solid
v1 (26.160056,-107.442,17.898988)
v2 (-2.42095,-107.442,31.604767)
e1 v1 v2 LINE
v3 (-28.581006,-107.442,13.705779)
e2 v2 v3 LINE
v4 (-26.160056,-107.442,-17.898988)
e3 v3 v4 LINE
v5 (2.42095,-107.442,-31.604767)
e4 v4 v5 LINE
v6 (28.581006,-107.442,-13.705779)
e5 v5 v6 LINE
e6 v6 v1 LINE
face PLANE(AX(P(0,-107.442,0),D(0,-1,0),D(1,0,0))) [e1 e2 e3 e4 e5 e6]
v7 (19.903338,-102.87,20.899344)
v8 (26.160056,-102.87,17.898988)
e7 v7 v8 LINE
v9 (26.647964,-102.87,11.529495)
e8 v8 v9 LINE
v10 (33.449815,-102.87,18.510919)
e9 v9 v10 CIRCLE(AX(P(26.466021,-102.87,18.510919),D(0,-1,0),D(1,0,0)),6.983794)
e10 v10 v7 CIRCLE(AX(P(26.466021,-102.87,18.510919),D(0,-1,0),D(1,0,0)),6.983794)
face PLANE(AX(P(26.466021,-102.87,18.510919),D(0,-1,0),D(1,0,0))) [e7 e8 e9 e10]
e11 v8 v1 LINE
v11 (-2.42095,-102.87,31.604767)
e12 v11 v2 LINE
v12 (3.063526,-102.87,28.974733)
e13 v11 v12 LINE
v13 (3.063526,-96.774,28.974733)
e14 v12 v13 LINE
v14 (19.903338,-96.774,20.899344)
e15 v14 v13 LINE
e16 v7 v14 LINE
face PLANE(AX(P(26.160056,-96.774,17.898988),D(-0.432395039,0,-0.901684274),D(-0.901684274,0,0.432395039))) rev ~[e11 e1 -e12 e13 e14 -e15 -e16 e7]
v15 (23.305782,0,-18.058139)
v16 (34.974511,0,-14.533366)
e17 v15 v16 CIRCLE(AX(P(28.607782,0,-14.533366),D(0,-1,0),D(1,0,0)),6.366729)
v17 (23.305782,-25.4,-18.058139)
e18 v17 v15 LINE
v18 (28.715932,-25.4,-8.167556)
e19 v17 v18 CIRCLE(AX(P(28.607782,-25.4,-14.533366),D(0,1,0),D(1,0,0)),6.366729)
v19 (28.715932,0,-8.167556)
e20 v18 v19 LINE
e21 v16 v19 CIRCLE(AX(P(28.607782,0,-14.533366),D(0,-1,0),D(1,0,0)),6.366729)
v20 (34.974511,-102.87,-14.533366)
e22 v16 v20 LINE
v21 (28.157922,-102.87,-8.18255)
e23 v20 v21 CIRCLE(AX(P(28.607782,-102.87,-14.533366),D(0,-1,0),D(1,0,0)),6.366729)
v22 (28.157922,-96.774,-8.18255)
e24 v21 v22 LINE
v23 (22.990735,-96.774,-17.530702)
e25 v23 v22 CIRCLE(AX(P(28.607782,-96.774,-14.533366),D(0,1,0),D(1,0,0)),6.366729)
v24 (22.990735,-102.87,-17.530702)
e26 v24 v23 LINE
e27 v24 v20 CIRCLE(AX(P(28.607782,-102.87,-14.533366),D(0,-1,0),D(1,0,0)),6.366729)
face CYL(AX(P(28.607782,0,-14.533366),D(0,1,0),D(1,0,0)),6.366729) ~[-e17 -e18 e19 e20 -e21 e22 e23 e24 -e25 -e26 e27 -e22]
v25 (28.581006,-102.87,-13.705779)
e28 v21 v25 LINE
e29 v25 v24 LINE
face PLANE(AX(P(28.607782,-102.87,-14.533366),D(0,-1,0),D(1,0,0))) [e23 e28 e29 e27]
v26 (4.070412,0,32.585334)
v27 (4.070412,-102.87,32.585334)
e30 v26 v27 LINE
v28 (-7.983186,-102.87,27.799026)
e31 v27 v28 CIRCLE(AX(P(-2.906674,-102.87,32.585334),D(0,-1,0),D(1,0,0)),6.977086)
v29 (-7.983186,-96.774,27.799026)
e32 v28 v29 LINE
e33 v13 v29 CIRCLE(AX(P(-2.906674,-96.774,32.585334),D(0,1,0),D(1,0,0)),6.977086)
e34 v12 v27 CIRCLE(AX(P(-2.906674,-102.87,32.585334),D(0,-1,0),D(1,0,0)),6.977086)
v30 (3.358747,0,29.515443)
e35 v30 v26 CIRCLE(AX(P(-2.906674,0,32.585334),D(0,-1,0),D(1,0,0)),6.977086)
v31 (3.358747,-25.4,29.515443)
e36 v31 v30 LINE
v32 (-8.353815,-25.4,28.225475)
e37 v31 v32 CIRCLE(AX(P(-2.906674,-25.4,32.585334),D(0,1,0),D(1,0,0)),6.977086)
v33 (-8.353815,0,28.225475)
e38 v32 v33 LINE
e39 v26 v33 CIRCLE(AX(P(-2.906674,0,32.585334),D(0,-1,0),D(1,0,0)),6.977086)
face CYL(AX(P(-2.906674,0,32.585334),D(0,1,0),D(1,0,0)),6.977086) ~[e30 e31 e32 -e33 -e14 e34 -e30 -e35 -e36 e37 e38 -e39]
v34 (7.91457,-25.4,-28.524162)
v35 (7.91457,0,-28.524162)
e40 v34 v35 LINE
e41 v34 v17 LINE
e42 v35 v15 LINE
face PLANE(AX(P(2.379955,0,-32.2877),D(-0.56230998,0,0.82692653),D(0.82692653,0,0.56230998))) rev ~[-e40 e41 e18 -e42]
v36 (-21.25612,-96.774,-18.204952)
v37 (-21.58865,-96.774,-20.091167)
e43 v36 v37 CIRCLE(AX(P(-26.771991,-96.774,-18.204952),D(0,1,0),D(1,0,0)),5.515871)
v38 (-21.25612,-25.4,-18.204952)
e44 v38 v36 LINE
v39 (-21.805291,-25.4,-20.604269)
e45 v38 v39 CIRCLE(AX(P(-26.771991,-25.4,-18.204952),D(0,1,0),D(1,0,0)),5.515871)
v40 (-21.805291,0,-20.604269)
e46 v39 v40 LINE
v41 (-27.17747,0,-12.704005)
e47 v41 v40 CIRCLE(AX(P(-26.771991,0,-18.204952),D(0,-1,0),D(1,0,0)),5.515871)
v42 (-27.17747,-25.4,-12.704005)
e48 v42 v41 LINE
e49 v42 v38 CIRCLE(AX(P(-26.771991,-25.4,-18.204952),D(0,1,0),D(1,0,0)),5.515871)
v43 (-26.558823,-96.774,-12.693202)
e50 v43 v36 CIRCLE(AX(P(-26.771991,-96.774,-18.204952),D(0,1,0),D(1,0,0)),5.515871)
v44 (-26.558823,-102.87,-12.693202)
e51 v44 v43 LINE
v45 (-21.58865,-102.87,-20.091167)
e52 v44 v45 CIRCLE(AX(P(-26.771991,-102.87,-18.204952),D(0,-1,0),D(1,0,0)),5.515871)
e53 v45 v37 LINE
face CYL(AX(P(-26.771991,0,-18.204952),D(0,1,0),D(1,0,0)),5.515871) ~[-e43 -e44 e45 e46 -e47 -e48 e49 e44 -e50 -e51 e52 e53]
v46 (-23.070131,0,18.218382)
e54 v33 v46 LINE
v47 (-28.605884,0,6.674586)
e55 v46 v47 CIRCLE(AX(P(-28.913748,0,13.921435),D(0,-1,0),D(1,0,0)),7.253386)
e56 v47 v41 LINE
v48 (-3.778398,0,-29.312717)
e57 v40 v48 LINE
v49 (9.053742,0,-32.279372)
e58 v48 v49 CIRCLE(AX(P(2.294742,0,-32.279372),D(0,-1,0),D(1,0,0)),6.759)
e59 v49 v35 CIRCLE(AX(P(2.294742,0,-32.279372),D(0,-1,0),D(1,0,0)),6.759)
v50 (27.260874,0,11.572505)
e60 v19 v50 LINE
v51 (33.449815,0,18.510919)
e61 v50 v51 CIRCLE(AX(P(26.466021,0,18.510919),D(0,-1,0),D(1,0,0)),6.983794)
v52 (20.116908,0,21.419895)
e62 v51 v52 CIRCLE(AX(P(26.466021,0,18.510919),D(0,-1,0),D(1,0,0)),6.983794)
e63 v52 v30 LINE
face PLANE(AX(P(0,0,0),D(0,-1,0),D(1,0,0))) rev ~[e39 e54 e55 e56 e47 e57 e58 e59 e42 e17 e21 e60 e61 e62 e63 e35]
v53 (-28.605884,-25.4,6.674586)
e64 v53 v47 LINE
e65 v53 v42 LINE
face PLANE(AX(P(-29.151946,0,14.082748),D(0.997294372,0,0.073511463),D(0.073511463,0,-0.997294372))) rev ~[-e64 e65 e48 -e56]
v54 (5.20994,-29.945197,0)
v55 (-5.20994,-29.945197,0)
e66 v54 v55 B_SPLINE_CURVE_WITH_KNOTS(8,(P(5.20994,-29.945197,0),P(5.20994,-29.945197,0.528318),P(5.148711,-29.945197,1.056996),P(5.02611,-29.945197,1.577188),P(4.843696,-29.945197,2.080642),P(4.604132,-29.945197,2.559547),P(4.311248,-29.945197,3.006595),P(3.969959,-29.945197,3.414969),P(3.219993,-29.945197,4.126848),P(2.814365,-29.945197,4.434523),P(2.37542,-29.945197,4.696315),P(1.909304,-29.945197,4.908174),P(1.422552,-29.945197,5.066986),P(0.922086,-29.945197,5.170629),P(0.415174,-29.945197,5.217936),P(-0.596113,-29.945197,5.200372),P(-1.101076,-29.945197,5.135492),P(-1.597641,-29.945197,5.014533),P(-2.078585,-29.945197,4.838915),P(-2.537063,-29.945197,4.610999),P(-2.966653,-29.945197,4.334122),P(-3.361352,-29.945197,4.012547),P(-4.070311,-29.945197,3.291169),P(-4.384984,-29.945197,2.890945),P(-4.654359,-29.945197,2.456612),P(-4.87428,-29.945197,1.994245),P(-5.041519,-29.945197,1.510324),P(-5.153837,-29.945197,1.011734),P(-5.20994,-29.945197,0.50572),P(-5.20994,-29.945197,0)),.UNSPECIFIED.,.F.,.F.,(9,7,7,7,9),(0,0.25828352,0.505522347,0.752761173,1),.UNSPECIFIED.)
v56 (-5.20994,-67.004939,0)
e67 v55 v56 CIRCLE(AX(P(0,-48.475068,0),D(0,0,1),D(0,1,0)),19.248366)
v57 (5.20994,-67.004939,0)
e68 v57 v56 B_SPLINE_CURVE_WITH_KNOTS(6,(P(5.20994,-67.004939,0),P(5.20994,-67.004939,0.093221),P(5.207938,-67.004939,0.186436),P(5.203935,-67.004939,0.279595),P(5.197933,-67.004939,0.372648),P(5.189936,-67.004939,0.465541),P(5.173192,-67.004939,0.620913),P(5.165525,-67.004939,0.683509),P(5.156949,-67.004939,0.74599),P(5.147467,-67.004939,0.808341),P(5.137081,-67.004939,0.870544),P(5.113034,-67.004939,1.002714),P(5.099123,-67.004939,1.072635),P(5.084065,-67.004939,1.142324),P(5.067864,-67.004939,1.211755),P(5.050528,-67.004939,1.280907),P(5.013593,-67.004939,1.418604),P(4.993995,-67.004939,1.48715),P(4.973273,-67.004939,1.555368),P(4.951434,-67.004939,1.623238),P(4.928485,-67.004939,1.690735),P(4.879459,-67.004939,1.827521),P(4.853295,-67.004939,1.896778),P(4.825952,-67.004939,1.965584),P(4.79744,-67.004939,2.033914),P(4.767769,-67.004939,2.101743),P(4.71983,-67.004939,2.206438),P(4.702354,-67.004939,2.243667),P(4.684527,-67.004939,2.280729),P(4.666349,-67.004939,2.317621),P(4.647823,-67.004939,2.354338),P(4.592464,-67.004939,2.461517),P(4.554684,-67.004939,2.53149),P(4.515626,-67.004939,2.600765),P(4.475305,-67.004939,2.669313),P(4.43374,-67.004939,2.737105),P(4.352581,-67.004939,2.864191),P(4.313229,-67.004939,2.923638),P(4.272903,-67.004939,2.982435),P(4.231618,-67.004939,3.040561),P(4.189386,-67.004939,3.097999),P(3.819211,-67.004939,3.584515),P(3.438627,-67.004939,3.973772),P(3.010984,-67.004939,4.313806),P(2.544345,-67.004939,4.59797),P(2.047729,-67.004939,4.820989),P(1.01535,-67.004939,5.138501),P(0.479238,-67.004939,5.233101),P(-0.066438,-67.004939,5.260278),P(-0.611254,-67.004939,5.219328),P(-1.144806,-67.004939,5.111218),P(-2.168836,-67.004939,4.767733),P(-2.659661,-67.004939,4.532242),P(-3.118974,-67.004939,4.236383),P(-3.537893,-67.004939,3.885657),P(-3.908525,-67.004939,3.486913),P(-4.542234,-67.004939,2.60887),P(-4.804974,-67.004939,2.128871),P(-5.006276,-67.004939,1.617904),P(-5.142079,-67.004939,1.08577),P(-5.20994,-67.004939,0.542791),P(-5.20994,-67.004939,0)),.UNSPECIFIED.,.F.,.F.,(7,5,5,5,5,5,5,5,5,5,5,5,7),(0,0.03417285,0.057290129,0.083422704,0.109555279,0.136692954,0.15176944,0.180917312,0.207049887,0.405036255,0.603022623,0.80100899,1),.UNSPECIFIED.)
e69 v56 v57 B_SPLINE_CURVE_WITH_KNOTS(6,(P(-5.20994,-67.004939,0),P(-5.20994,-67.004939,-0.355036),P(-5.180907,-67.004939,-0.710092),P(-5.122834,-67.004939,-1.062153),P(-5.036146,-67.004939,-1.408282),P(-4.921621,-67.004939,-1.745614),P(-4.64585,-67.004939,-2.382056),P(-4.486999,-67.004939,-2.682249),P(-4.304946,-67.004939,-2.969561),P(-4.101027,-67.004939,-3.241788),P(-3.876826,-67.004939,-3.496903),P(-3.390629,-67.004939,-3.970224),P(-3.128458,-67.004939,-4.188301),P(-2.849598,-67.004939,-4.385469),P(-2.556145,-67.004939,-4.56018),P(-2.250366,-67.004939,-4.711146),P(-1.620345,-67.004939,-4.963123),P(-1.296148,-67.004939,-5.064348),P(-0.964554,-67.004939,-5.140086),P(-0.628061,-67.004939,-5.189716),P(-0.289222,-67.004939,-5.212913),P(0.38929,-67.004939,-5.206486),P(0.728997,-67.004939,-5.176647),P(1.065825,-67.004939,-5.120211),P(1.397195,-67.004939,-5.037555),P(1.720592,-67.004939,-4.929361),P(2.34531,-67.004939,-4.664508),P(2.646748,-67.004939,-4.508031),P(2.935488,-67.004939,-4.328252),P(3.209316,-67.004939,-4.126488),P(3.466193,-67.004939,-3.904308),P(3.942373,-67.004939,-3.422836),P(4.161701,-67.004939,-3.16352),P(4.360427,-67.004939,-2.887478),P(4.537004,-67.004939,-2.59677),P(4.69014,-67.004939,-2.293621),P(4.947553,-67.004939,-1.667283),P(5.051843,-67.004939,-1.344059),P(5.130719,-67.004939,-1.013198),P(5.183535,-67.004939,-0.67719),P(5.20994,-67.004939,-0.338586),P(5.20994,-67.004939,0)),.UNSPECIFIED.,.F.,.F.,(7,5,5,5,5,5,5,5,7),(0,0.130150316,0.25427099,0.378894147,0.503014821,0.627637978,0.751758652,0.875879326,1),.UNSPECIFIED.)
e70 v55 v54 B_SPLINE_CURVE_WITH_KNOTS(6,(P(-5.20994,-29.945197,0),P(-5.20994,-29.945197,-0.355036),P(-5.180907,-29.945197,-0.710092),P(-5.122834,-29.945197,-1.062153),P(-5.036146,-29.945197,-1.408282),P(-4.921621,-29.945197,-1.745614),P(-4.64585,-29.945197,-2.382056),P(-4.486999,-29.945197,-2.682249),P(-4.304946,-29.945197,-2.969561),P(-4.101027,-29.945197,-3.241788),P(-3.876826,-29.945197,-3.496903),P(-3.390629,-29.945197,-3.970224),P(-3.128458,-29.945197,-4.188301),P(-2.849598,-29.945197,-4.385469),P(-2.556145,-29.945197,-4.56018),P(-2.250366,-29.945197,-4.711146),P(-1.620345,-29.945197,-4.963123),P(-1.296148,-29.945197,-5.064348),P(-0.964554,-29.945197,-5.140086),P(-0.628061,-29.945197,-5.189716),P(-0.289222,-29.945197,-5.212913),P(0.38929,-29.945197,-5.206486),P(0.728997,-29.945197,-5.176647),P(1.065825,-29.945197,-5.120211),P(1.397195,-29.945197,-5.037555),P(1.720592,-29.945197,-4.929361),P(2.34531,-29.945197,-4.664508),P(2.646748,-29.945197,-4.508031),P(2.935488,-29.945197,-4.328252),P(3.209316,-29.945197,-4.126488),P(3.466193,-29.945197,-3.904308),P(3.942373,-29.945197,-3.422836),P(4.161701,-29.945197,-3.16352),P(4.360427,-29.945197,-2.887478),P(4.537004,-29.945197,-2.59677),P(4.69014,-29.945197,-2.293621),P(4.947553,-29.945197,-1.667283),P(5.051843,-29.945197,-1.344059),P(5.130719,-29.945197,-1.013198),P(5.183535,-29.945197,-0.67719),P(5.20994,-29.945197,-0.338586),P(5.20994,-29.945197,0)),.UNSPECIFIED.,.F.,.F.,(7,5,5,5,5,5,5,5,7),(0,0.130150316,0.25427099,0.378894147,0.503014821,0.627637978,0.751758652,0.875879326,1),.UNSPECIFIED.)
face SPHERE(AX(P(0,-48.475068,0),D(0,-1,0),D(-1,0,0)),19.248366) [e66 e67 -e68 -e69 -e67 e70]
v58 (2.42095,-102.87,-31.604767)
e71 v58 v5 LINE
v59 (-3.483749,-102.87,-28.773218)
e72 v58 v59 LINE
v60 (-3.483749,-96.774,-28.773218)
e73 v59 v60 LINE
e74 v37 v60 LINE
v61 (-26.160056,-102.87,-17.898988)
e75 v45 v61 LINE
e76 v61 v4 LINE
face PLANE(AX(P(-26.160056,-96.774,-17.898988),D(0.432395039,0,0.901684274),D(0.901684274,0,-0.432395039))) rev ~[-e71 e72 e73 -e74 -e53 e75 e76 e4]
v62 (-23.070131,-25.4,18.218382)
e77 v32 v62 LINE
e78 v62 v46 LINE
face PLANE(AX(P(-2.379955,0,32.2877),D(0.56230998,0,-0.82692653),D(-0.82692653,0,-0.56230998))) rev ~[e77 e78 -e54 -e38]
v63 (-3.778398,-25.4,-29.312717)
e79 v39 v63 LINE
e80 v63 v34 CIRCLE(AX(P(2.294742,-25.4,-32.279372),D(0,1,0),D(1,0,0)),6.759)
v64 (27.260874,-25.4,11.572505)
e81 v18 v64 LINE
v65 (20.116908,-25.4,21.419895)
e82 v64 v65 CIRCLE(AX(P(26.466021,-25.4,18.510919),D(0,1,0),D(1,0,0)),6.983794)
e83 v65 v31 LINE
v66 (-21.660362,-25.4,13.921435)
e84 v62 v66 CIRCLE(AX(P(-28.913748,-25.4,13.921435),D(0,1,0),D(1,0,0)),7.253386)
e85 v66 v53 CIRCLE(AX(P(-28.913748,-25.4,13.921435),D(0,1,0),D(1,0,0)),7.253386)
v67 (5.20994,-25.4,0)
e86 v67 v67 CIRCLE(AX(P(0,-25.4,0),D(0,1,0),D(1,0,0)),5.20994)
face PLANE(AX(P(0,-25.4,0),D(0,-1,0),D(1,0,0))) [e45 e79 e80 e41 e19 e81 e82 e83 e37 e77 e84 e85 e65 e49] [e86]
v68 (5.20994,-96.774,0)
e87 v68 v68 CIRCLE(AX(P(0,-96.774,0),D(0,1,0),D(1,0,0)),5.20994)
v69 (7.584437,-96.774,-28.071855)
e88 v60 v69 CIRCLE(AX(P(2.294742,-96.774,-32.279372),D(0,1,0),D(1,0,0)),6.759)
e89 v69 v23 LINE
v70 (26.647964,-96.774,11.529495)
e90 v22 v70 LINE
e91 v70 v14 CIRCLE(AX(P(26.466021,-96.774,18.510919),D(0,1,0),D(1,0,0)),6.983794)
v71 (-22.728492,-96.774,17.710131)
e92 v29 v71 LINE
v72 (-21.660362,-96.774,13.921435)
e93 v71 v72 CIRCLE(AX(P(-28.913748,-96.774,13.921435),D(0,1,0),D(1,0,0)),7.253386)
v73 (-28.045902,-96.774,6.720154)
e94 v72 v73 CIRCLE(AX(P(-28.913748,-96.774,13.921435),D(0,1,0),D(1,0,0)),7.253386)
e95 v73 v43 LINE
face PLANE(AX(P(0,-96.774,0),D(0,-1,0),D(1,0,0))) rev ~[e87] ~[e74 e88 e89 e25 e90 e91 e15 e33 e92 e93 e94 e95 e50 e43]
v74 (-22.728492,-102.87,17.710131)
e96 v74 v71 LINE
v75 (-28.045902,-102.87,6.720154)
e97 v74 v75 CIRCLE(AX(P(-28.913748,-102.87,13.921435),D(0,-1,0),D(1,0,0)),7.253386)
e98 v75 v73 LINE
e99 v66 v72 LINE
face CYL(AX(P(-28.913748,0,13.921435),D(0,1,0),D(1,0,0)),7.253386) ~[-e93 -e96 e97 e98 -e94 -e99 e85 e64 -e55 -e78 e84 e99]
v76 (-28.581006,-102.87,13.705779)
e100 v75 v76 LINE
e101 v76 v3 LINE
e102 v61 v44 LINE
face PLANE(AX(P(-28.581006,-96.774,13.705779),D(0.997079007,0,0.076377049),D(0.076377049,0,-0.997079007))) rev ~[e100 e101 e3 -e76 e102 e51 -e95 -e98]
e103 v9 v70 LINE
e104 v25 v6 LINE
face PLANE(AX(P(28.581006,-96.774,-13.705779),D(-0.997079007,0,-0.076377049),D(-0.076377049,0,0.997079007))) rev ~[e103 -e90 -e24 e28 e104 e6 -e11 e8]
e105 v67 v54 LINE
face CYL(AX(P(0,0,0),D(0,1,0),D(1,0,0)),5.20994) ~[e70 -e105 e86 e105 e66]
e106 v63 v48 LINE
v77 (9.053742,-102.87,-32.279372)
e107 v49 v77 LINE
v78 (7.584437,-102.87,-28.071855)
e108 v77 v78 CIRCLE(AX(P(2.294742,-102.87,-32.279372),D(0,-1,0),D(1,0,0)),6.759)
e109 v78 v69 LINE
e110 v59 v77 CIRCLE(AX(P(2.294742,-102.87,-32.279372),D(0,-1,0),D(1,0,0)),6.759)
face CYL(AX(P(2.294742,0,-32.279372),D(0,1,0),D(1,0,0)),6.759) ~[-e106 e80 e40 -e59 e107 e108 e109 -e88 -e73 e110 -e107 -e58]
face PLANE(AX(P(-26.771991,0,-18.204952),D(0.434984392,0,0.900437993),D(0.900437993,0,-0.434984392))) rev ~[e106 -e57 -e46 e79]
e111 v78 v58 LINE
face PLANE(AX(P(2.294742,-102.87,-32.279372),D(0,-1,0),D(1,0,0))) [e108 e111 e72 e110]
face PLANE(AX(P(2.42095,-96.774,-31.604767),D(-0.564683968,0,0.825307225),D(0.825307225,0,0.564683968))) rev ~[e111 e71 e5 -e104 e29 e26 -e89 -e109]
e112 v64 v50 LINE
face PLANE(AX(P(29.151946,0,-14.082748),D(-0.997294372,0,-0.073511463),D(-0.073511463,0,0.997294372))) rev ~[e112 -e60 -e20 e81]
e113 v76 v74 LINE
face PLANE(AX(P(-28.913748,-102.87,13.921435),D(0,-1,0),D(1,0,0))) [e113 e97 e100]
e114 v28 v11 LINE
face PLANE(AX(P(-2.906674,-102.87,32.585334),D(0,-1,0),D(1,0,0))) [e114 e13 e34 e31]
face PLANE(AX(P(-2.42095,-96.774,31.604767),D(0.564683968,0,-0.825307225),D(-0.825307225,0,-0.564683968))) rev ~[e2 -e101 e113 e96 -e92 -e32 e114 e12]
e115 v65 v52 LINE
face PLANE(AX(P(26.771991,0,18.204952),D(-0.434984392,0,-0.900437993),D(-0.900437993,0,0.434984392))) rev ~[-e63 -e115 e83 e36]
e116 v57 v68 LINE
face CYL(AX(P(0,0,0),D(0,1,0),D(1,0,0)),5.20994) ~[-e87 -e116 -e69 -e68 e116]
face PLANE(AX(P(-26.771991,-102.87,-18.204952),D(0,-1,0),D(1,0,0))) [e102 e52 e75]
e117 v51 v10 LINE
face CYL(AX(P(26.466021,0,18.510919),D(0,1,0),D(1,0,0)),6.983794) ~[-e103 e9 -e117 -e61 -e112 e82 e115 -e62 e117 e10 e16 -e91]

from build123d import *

# Parameters (mm, degrees)
F1_DEPTH = 25.4
F2_R     = 7.2533857786
F2_R_2   = 5.5158705089
F2_R_3   = 6.7589997369
F2_R_4   = 6.3667286832
F2_R_5   = 6.9837940253
F2_R_6   = 6.9770855285
F3_DEPTH = 102.87
F4_R     = 5.2099395751
F5_DEPTH = 102.108
F9_START = 96.774
F9_DEPTH = 10.668


with BuildPart() as f1:
    # F0 (on Front) → F1 (new body)
    with BuildSketch(Plane.XZ):
        Polygon((-29.1519459024, 14.0827481248), (-26.7719905823, -18.2049516588), (2.3799553201, -32.2876997836), (29.1519459024, -14.0827481248), (26.7719905823, 18.2049516588), (-2.3799553201, 32.2876997836), align=None)
    extrude(amount=F1_DEPTH)

    # F2 (on Front) → F3 (join)
    with BuildSketch(Plane.XZ):
        with Locations((-28.9137475193, 13.9214349911)):
            Circle(F2_R)
        with Locations((-26.7719905823, -18.2049516588)):
            Circle(F2_R_2)
        with Locations((2.2947418038, -32.2793722153)):
            Circle(F2_R_3)
        with Locations((28.6077819765, -14.5333660766)):
            Circle(F2_R_4)
        with Locations((26.4660213143, 18.5109190643)):
            Circle(F2_R_5)
        with Locations((-2.9066735879, 32.5853340328)):
            Circle(F2_R_6)
    extrude(amount=F3_DEPTH)

    # F4 (on Front) → F5 (join)
    with BuildSketch(Plane.XZ):
        Circle(F4_R)
    extrude(amount=F5_DEPTH)

    # F6 (on Top) → F7 (revolve)
    with BuildSketch(Plane.XY):
        with BuildLine():
            Line((0, -67.7234342558), (0, -29.2267018693))
            ThreePointArc((0, -29.2267018693), (-19.2483661933, -48.4750680625), (0, -67.7234342558))
        make_face()
    revolve(axis=Axis((0, -48.4750680625, 0), (0, -1, 0)))

    # F8 (on Front) → F9 (join)
    with BuildSketch(Plane.XZ.offset(F9_START)):
        Polygon((-28.5810061773, 13.7057788732), (-26.1600557715, -17.8989879787), (2.4209504058, -31.6047668519), (28.5810061773, -13.7057788732), (26.1600557715, 17.8989879787), (-2.4209504058, 31.6047668519), align=None)
    extrude(amount=F9_DEPTH)


solid = f1.part
